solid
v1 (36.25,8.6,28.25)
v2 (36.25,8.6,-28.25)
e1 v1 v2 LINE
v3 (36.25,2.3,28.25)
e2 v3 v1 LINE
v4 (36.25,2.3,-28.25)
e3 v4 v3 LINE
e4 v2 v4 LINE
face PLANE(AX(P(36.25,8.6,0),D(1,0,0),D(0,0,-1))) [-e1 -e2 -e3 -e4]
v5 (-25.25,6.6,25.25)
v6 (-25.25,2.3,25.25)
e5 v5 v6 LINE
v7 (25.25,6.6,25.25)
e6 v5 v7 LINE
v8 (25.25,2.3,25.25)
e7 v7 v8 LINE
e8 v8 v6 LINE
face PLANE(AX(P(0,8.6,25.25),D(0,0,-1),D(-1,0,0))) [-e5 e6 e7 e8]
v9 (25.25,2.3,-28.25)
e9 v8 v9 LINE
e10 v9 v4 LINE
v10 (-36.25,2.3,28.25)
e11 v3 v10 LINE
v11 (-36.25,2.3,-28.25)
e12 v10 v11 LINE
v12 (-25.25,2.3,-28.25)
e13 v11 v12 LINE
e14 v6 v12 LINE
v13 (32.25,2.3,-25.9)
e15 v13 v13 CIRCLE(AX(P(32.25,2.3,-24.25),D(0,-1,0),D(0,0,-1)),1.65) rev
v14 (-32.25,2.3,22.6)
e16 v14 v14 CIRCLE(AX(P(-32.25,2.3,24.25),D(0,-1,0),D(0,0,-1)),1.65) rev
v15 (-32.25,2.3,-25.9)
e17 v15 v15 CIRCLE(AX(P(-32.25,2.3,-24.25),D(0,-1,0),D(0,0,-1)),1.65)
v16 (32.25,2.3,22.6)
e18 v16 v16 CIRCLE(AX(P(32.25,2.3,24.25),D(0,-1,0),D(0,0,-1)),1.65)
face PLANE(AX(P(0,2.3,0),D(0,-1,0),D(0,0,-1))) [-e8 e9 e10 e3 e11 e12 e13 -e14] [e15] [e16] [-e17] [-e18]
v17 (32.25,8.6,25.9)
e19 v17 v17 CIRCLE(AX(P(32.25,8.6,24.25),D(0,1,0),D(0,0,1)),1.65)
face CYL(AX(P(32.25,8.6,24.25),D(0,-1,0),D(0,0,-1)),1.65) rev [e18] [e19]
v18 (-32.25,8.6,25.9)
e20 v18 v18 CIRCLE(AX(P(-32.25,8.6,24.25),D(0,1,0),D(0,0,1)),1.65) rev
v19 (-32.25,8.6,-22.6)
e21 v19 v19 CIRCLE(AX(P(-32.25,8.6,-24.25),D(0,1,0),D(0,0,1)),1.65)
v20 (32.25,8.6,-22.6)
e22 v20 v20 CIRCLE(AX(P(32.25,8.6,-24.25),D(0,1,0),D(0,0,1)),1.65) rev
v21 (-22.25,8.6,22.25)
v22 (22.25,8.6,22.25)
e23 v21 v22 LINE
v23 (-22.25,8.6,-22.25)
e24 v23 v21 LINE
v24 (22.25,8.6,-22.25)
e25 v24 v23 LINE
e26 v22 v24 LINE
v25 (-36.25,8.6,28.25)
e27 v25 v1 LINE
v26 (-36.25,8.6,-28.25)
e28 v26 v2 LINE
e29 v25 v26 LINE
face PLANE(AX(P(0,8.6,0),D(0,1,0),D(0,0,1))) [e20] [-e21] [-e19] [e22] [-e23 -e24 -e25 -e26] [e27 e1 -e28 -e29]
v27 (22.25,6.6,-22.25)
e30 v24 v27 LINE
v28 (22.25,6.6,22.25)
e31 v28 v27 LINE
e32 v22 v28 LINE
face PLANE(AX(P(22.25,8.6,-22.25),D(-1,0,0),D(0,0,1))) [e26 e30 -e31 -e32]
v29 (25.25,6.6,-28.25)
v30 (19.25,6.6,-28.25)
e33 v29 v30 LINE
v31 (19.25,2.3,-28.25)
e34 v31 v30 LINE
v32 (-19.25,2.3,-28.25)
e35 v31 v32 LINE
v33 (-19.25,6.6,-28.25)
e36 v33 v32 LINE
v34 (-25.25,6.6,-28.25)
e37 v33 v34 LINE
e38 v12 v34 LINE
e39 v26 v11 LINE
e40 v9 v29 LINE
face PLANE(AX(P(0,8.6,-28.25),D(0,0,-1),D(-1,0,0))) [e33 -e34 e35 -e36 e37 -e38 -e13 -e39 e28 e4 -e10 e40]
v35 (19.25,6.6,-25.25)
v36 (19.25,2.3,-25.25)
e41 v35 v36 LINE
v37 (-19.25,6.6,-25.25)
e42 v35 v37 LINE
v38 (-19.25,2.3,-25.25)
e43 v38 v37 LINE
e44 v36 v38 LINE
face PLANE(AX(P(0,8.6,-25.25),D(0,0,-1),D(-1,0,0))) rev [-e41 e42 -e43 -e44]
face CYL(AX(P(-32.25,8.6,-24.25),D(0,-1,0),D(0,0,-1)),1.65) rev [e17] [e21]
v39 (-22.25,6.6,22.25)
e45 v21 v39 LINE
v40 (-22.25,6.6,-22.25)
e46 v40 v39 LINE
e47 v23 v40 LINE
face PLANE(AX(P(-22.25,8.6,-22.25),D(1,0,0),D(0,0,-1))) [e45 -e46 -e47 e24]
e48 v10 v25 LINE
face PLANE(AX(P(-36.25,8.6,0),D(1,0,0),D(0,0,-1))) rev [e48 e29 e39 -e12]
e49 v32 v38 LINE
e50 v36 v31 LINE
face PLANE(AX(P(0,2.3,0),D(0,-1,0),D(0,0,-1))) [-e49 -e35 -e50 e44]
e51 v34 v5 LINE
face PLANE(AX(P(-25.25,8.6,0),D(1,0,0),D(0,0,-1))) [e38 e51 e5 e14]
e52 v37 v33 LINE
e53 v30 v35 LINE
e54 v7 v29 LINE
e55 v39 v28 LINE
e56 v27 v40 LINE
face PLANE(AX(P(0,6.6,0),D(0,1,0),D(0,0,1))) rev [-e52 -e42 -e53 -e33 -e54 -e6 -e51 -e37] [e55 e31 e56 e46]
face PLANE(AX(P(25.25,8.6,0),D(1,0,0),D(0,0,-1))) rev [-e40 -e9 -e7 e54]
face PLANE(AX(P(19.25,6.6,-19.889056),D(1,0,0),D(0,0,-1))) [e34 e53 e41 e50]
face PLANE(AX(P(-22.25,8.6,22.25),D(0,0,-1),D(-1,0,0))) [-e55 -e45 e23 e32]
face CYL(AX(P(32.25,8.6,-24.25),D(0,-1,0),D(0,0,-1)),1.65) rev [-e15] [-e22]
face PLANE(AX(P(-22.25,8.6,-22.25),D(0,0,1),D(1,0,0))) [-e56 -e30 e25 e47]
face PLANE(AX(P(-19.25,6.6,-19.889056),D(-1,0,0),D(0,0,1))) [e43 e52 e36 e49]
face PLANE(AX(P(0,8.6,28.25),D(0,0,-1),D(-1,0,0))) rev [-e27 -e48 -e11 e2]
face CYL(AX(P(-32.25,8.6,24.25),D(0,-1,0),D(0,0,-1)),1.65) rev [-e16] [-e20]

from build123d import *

# Parameters (mm, degrees)
SKETCH1_W           = 56.5
SKETCH1_H           = 56.5
SKETCH1_W_2         = 50.5
SKETCH1_H_2         = 50.5
SKETCH1_R           = 1.65
BOSS_EXTRUDE1_DEPTH = 8.6
SKETCH2_W           = 50.5
SKETCH2_H           = 50.5
SKETCH2_W_2         = 44.5
SKETCH2_H_2         = 44.5
BOSS_EXTRUDE2_DEPTH = 2
BOSS_EXTRUDE3_START = 6.6
SKETCH4_W           = 50.5
SKETCH4_H           = 50.5
SKETCH4_W_2         = 44.5
SKETCH4_H_2         = 44.5
BOSS_EXTRUDE3_DEPTH = 2
CUT_EXTRUDE1_START  = 2
SKETCH5_W           = 6
SKETCH5_H           = 17.961455198
CUT_EXTRUDE1_DEPTH  = 4.6
SKETCH6_W           = 87.3205389
SKETCH6_H           = 82.15723747
CUT_EXTRUDE2_DEPTH  = 2.3
CUT_EXTRUDE4_DEPTH  = 10
SKETCH8_W           = 8
SKETCH8_H           = 40.5
BOSS_EXTRUDE4_DEPTH = 6.3


with BuildPart() as part:
    # Sketch1 → Boss-Extrude1 (new body)
    with BuildSketch(Plane(origin=(0, 0, 0), x_dir=(1, 0, 0), z_dir=(0, 1, 0))):
        Rectangle(SKETCH1_W, SKETCH1_H)
        Rectangle(SKETCH1_W_2, SKETCH1_H_2, mode=Mode.SUBTRACT)
        Polygon((-28.25, -28.25), (-28.25, -12.25), (-36.25, -20.25), (-36.25, -30.25), (-32.25, -34.25), (-24.25, -34.25), (-18.25, -28.25), align=None)
        with Locations((-32.25, -24.25)):
            Circle(SKETCH1_R, mode=Mode.SUBTRACT)
        Polygon((28.25, -28.25), (18.25, -28.25), (24.25, -34.25), (32.25, -34.25), (36.25, -30.25), (36.25, -20.25), (28.25, -12.25), align=None)
        with Locations((32.25, -24.25)):
            Circle(SKETCH1_R, mode=Mode.SUBTRACT)
        Polygon((24.25, 34.25), (18.25, 28.25), (28.25, 28.25), (28.25, 12.25), (36.25, 20.25), (36.25, 30.25), (32.25, 34.25), align=None)
        with Locations((32.25, 24.25)):
            Circle(SKETCH1_R, mode=Mode.SUBTRACT)
        Polygon((-36.25, 20.25), (-28.25, 12.25), (-28.25, 28.25), (-18.25, 28.25), (-24.25, 34.25), (-32.25, 34.25), (-36.25, 30.25), align=None)
        with Locations((-32.25, 24.25)):
            Circle(SKETCH1_R, mode=Mode.SUBTRACT)
    extrude(amount=BOSS_EXTRUDE1_DEPTH)

    # Sketch2 → Boss-Extrude2 (add)
    with BuildSketch(Plane(origin=(0, 0, 0), x_dir=(1, 0, 0), z_dir=(0, 1, 0))):
        Rectangle(SKETCH2_W, SKETCH2_H)
        Rectangle(SKETCH2_W_2, SKETCH2_H_2, mode=Mode.SUBTRACT)
    extrude(amount=BOSS_EXTRUDE2_DEPTH)

    # Sketch4 → Boss-Extrude3 (add)
    with BuildSketch(Plane(origin=(0, 0, 0), x_dir=(1, 0, 0), z_dir=(0, 1, 0)).offset(BOSS_EXTRUDE3_START)):
        Rectangle(SKETCH4_W, SKETCH4_H)
        Rectangle(SKETCH4_W_2, SKETCH4_H_2, mode=Mode.SUBTRACT)
    extrude(amount=BOSS_EXTRUDE3_DEPTH)

    # Sketch5 → Cut-Extrude1 (cut)
    with BuildSketch(Plane(origin=(0, 0, 0), x_dir=(1, 0, 0), z_dir=(0, 1, 0)).offset(CUT_EXTRUDE1_START)):
        with Locations((-22.25, 28.869783692)):
            Rectangle(SKETCH5_W, SKETCH5_H)
        with Locations((22.25, 28.869783692)):
            Rectangle(SKETCH5_W, SKETCH5_H)
    extrude(amount=CUT_EXTRUDE1_DEPTH, mode=Mode.SUBTRACT)

    # Sketch6 → Cut-Extrude2 (cut)
    with BuildSketch(Plane.XZ):
        with Locations((1.898272585, -1.518618068)):
            Rectangle(SKETCH6_W, SKETCH6_H)
    extrude(amount=-CUT_EXTRUDE2_DEPTH, mode=Mode.SUBTRACT)

    # Sketch7 → Cut-Extrude4 (cut)
    with BuildSketch(Plane(origin=(0, 8.6, 0), x_dir=(1, 0, 0), z_dir=(0, 1, 0))):
        Polygon((-36.25, -30.25), (-36.25, -28.25), (-40.881768663, -28.25), (-40.881768663, -34.995320637), (0, -34.995320637), (0, -28.25), (-18.25, -28.25), (-24.25, -34.25), (-32.25, -34.25), align=None)
        Polygon((18.25, -28.25), (0, -28.25), (0, -34.995320637), (39.184342226, -34.995320637), (39.184342226, -28.25), (36.25, -28.25), (36.25, -30.25), (32.25, -34.25), (24.25, -34.25), align=None)
        Polygon((36.25, 20.25), (36.25, -20.25), (28.25, -12.25), (28.25, 12.25), align=None)
        Polygon((-36.25, 20.25), (-36.25, -20.25), (-28.25, -12.25), (-28.25, 12.25), align=None)
        Polygon((-36.25, 30.25), (-36.25, 28.25), (-18.25, 28.25), (-24.25, 34.25), (-32.25, 34.25), align=None)
        Polygon((-38.207606214, 28.25), (-36.25, 28.25), (-36.25, 30.25), (-32.25, 34.25), (-24.25, 34.25), (-18.25, 28.25), (0, 28.25), (0, 36.724555445), (-38.207606214, 36.724555445), align=None)
        Polygon((28.25, 12.25), (36.25, 20.25), (28.25, 20.25), align=None)
        Polygon((28.25, -20.25), (36.25, -20.25), (28.25, -12.25), align=None)
        Polygon((-18.25, -28.25), (-36.25, -28.25), (-36.25, -30.25), (-32.25, -34.25), (-24.25, -34.25), align=None)
        Polygon((-28.25, -12.25), (-36.25, -20.25), (-28.25, -20.25), align=None)
        Polygon((-28.25, 20.25), (-36.25, 20.25), (-28.25, 12.25), align=None)
        Polygon((24.25, 34.25), (18.25, 28.25), (36.25, 28.25), (36.25, 30.25), (32.25, 34.25), align=None)
        Polygon((0, 36.724555445), (0, 28.25), (18.25, 28.25), (24.25, 34.25), (32.25, 34.25), (36.25, 30.25), (36.25, 28.25), (40.981198071, 28.25), (40.981198071, 36.724555445), align=None)
        Polygon((36.25, -28.25), (18.25, -28.25), (24.25, -34.25), (32.25, -34.25), (36.25, -30.25), align=None)
    extrude(amount=-CUT_EXTRUDE4_DEPTH, mode=Mode.SUBTRACT)

    # Sketch8 → Boss-Extrude4 (add)
    with BuildSketch(Plane(origin=(0, 8.6, 0), x_dir=(1, 0, 0), z_dir=(0, 1, 0))):
        with Locations((-32.25, 0)):
            Rectangle(SKETCH8_W, SKETCH8_H)
        with Locations((32.25, 0)):
            Rectangle(SKETCH8_W, SKETCH8_H)
    extrude(amount=-BOSS_EXTRUDE4_DEPTH)


solid = part.part
